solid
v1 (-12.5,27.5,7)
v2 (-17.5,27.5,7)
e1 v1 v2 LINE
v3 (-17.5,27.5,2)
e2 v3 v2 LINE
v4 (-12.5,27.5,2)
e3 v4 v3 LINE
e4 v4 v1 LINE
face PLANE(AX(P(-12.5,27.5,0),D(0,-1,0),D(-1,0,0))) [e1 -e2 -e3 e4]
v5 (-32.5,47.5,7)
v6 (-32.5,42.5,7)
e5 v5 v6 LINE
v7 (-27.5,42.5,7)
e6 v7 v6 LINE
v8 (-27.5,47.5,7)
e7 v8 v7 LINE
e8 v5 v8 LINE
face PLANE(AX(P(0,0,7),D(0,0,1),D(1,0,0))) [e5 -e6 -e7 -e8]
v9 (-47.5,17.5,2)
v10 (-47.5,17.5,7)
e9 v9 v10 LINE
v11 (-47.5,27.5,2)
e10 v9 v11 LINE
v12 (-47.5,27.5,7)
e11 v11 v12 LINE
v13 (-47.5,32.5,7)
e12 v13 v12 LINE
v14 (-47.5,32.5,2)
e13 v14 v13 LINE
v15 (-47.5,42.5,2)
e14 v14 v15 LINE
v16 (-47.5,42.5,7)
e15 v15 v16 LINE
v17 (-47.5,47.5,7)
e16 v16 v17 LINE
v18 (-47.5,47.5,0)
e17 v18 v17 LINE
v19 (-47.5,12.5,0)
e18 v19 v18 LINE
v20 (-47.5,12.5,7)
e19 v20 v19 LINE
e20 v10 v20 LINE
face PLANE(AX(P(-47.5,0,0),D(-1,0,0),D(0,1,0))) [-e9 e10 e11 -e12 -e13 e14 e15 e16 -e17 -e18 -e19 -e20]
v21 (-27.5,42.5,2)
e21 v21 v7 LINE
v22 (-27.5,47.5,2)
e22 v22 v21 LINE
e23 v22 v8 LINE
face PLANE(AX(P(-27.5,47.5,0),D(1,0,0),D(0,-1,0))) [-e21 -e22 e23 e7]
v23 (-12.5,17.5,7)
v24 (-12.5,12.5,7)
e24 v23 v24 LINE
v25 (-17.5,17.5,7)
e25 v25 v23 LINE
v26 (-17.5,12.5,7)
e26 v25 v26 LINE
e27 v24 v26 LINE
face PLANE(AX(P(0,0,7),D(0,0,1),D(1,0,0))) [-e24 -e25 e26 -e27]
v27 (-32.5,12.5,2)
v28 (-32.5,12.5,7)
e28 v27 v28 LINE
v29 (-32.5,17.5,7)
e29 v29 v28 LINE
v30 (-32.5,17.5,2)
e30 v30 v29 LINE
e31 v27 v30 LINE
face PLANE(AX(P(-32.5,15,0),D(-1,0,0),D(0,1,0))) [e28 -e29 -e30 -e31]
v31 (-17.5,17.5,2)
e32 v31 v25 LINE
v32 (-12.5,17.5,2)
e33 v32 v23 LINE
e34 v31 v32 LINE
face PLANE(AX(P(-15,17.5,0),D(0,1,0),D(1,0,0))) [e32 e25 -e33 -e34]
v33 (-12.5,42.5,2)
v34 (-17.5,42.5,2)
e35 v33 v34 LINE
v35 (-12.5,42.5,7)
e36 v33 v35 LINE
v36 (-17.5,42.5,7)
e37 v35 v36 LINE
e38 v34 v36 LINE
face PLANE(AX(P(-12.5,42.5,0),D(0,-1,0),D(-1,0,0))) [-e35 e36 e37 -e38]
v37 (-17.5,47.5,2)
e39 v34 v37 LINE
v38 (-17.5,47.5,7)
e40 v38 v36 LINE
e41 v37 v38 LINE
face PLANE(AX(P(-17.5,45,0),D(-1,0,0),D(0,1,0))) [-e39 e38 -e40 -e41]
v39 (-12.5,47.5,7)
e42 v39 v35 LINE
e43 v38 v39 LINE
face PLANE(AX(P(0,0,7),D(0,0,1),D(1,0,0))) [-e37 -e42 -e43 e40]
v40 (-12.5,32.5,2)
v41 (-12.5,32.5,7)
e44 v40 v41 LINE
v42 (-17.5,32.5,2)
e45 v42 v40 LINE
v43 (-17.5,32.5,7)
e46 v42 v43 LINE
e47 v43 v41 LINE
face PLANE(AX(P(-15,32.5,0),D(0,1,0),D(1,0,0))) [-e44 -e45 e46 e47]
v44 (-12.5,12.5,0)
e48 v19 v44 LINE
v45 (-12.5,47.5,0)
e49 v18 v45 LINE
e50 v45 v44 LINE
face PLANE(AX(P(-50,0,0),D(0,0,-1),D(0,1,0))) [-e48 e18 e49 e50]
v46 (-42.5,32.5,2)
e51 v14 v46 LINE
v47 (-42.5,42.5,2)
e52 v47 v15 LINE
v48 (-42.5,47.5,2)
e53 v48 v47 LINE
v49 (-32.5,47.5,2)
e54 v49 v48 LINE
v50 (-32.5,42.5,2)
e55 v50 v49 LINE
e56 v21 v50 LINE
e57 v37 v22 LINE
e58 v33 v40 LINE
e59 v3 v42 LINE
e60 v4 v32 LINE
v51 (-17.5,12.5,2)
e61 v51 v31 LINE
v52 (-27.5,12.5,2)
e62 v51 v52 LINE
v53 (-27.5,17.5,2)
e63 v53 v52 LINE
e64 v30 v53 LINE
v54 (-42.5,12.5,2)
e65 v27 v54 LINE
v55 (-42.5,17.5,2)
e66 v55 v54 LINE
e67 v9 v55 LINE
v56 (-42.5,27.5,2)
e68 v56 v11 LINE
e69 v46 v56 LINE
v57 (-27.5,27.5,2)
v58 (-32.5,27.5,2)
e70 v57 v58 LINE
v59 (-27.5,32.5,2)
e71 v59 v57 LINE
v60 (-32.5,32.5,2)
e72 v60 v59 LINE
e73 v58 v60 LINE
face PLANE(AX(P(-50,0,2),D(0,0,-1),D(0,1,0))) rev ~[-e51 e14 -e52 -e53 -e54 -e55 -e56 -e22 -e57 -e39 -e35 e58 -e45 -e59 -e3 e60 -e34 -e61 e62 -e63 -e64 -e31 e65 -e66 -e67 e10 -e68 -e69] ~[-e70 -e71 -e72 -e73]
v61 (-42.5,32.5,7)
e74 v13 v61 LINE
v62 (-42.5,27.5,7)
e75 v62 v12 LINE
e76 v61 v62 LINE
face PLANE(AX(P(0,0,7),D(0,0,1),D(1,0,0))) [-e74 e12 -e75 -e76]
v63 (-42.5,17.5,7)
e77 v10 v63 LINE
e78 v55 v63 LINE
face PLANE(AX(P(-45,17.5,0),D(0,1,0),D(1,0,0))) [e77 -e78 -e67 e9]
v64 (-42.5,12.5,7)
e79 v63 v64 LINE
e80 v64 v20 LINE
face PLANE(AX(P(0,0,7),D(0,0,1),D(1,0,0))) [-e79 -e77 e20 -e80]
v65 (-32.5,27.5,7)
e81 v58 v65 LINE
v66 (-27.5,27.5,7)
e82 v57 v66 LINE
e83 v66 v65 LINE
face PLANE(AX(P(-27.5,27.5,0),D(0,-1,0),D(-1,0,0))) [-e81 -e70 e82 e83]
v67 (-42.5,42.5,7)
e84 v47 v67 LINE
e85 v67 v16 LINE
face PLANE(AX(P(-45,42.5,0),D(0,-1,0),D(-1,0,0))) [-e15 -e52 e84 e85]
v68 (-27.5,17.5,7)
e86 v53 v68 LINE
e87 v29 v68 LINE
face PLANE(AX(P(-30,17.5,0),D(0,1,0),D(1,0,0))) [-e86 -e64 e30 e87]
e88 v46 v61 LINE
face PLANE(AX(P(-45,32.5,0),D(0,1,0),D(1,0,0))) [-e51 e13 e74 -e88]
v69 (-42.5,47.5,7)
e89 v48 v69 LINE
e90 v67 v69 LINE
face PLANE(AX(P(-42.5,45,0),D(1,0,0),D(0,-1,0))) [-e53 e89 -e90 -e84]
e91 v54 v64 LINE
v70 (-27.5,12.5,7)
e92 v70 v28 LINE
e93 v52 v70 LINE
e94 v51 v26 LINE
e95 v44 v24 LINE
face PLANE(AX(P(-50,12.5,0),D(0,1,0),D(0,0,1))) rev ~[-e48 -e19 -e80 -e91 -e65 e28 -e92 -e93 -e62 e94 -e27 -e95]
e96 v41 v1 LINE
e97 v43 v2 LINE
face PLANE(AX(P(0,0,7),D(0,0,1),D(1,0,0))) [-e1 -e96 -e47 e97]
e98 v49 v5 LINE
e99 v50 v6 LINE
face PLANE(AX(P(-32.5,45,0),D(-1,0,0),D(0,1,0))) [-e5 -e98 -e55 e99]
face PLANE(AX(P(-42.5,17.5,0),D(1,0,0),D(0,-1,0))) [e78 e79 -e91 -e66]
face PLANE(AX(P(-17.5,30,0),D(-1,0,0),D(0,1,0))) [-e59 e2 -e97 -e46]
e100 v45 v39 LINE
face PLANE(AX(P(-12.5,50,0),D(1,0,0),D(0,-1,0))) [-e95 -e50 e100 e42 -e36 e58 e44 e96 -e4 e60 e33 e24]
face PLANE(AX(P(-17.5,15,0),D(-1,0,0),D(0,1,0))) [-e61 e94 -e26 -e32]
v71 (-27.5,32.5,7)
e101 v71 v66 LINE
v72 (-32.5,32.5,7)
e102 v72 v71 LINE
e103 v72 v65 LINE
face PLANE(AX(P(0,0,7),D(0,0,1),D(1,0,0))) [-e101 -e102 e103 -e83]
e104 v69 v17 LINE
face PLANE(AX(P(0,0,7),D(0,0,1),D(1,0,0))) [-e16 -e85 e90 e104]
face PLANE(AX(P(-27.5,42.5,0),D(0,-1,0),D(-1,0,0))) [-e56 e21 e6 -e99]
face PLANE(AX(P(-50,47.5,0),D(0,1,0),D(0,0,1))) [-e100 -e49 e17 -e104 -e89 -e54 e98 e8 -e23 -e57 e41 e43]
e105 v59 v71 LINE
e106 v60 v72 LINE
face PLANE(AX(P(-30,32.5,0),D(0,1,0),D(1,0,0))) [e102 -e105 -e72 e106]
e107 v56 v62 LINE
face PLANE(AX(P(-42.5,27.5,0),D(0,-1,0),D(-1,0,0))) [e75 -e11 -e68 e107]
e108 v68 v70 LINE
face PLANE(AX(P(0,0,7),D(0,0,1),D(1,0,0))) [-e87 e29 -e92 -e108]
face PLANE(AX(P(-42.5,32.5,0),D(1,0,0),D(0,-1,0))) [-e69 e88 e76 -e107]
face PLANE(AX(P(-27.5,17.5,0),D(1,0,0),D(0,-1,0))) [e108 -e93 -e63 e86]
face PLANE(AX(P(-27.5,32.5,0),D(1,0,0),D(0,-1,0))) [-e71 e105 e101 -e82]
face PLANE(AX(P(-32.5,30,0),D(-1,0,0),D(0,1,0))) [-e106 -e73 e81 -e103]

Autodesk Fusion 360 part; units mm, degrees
sketch "Sketch1" plane through (0, 0, 0) normal (0, 0, 1) x (1, 0, 0)
  line L0 (0, 0) -> (-50, 0)
  line L1 (-50, 0) -> (-50, 50)
  line L2 (-50, 50) -> (0, 50)
  line L3 (0, 50) -> (0, 0)
  line L4 (-45, 45) -> (-47.5, 45)
  line L5 (-47.5, 45) -> (-47.5, 47.5)
  line L6 (-47.5, 47.5) -> (-45, 47.5)
  line L7 (-45, 47.5) -> (-45, 45)
  line L8 (-45, 45) -> (-42.5, 45)
  line L9 (-42.5, 45) -> (-42.5, 42.5)
  line L10 (-42.5, 42.5) -> (-45, 42.5)
  line L11 (-45, 42.5) -> (-45, 45)
  line L12 (-42.5, 42.5) -> (-47.5, 42.5)
  line L13 (-47.5, 42.5) -> (-47.5, 47.5)
  line L14 (-47.5, 47.5) -> (-42.5, 47.5)
  line L15 (-42.5, 47.5) -> (-42.5, 42.5)
  line L16 (-30, 45) -> (-32.5, 45)
  line L17 (-32.5, 45) -> (-32.5, 47.5)
  line L18 (-32.5, 47.5) -> (-30, 47.5)
  line L19 (-30, 47.5) -> (-30, 45)
  line L20 (-32.5, 47.5) -> (-27.5, 47.5)
  line L21 (-27.5, 47.5) -> (-27.5, 42.5)
  line L22 (-27.5, 42.5) -> (-32.5, 42.5)
  line L23 (-32.5, 42.5) -> (-32.5, 47.5)
  line L24 (-15, 45) -> (-17.5, 45)
  line L25 (-17.5, 45) -> (-17.5, 47.5)
  line L26 (-17.5, 47.5) -> (-15, 47.5)
  line L27 (-15, 47.5) -> (-15, 45)
  line L28 (-17.5, 47.5) -> (-12.5, 47.5)
  line L29 (-12.5, 47.5) -> (-12.5, 42.5)
  line L30 (-12.5, 42.5) -> (-17.5, 42.5)
  line L31 (-17.5, 42.5) -> (-17.5, 47.5)
  line L32 (-15, 30) -> (-17.5, 30)
  line L33 (-17.5, 30) -> (-17.5, 32.5)
  line L34 (-17.5, 32.5) -> (-15, 32.5)
  line L35 (-15, 32.5) -> (-15, 30)
  line L36 (-17.5, 32.5) -> (-12.5, 32.5)
  line L37 (-12.5, 32.5) -> (-12.5, 27.5)
  line L38 (-12.5, 27.5) -> (-17.5, 27.5)
  line L39 (-17.5, 27.5) -> (-17.5, 32.5)
  line L40 (-45, 30) -> (-47.5, 30)
  line L41 (-47.5, 30) -> (-47.5, 32.5)
  line L42 (-47.5, 32.5) -> (-45, 32.5)
  line L43 (-45, 32.5) -> (-45, 30)
  line L44 (-47.5, 32.5) -> (-42.5, 32.5)
  line L45 (-42.5, 32.5) -> (-42.5, 27.5)
  line L46 (-42.5, 27.5) -> (-47.5, 27.5)
  line L47 (-47.5, 27.5) -> (-47.5, 32.5)
  line L48 (-30, 30) -> (-32.5, 30)
  line L49 (-32.5, 30) -> (-32.5, 32.5)
  line L50 (-32.5, 32.5) -> (-30, 32.5)
  line L51 (-30, 32.5) -> (-30, 30)
  line L52 (-32.5, 32.5) -> (-27.5, 32.5)
  line L53 (-27.5, 32.5) -> (-27.5, 27.5)
  line L54 (-27.5, 27.5) -> (-32.5, 27.5)
  line L55 (-32.5, 27.5) -> (-32.5, 32.5)
  line L56 (-45, 15) -> (-47.5, 15)
  line L57 (-47.5, 15) -> (-47.5, 17.5)
  line L58 (-47.5, 17.5) -> (-45, 17.5)
  line L59 (-45, 17.5) -> (-45, 15)
  line L60 (-47.5, 17.5) -> (-42.5, 17.5)
  line L61 (-42.5, 17.5) -> (-42.5, 12.5)
  line L62 (-42.5, 12.5) -> (-47.5, 12.5)
  line L63 (-47.5, 12.5) -> (-47.5, 17.5)
  line L64 (-30, 15) -> (-32.5, 15)
  line L65 (-32.5, 15) -> (-32.5, 17.5)
  line L66 (-32.5, 17.5) -> (-30, 17.5)
  line L67 (-30, 17.5) -> (-30, 15)
  line L68 (-32.5, 17.5) -> (-27.5, 17.5)
  line L69 (-27.5, 17.5) -> (-27.5, 12.5)
  line L70 (-27.5, 12.5) -> (-32.5, 12.5)
  line L71 (-32.5, 12.5) -> (-32.5, 17.5)
  line L72 (-15, 15) -> (-17.5, 15)
  line L73 (-17.5, 15) -> (-17.5, 17.5)
  line L74 (-17.5, 17.5) -> (-15, 17.5)
  line L75 (-15, 17.5) -> (-15, 15)
  line L76 (-17.5, 17.5) -> (-12.5, 17.5)
  line L77 (-12.5, 17.5) -> (-12.5, 12.5)
  line L78 (-12.5, 12.5) -> (-17.5, 12.5)
  line L79 (-17.5, 12.5) -> (-17.5, 17.5)
  point P0 (-45, 45)
  point P1 (-30, 45)
  point P2 (-15, 45)
  point P3 (-45, 30)
  point P4 (-30, 30)
  point P5 (-15, 30)
  point P6 (-15, 15)
  point P7 (-30, 15)
  point P8 (-45, 15)
  dimension "d1" = 2.5
  dimension "d2" = 2.5
  dimension "d3" = 2.5
  dimension "d4" = 5
  dimension "d5" = 5
  dimension "d6" = 2.5
  dimension "d7" = 2.5
  dimension "d8" = 5
  dimension "d9" = 5
  dimension "d10" = 2.5
  dimension "d11" = 2.5
  dimension "d12" = 5
  dimension "d13" = 5
  dimension "d14" = 2.5
  dimension "d15" = 2.5
  dimension "d16" = 5
  dimension "d17" = 5
  dimension "d18" = 2.5
  dimension "d19" = 2.5
  dimension "d20" = 5
  dimension "d21" = 5
extrude "Extrude1" add sketch "Sketch1" along normal blind 2
extrude "Extrude2" add sketch "Sketch1" along normal blind 7 contours L4 L11 L12 L13 | L4 L5 L6 L7 L13 L14 | L7 L8 L14 L15 | L8 L9 L10 L11 L12 L15 | L16 L19 L20 L21 L22 L23 | L16 L17 L18 L19 L20 L23 | L24 L27 L28 L29 L30 L31 | L24 L25 L26 L27 L28 L31 | L32 L35 L36 L37 L38 L39 | L32 L33 L34 L35 L36 L39 | L40 L43 L44 L45 L46 L47 | L40 L41 L42 L43 L44 L47 | L48 L51 L52 L53 L54 L55 | L48 L49 L50 L51 L52 L55 | L56 L59 L60 L61 L62 L63 | L56 L57 L58 L59 L60 L63 | L64 L67 L68 L69 L70 L71 | L64 L65 L66 L67 L68 L71 | L72 L75 L76 L77 L78 L79 | L72 L73 L74 L75 L76 L79
extrude "Extrude3" add 1 faces at (-50, 16.6667, 0.6667) along direction (-1, 0, 0) blind 5
extrude "Extrude4" cut 1 faces at (-18.3333, 0, 0.6667) along direction (0, 1, 0) blind 12.5
extrude "Extrude5" cut 1 faces at (-55, 25, 1.3333) along direction (1, 0, 0) blind 7.5
extrude "Extrude6" cut 1 faces at (-15.8333, 50, 0.6667) along direction (0, -1, 0) blind 2.5
extrude "Extrude7" cut 1 faces at (0, 35.8333, 0.6667) along direction (-1, 0, 0) blind 12.5
